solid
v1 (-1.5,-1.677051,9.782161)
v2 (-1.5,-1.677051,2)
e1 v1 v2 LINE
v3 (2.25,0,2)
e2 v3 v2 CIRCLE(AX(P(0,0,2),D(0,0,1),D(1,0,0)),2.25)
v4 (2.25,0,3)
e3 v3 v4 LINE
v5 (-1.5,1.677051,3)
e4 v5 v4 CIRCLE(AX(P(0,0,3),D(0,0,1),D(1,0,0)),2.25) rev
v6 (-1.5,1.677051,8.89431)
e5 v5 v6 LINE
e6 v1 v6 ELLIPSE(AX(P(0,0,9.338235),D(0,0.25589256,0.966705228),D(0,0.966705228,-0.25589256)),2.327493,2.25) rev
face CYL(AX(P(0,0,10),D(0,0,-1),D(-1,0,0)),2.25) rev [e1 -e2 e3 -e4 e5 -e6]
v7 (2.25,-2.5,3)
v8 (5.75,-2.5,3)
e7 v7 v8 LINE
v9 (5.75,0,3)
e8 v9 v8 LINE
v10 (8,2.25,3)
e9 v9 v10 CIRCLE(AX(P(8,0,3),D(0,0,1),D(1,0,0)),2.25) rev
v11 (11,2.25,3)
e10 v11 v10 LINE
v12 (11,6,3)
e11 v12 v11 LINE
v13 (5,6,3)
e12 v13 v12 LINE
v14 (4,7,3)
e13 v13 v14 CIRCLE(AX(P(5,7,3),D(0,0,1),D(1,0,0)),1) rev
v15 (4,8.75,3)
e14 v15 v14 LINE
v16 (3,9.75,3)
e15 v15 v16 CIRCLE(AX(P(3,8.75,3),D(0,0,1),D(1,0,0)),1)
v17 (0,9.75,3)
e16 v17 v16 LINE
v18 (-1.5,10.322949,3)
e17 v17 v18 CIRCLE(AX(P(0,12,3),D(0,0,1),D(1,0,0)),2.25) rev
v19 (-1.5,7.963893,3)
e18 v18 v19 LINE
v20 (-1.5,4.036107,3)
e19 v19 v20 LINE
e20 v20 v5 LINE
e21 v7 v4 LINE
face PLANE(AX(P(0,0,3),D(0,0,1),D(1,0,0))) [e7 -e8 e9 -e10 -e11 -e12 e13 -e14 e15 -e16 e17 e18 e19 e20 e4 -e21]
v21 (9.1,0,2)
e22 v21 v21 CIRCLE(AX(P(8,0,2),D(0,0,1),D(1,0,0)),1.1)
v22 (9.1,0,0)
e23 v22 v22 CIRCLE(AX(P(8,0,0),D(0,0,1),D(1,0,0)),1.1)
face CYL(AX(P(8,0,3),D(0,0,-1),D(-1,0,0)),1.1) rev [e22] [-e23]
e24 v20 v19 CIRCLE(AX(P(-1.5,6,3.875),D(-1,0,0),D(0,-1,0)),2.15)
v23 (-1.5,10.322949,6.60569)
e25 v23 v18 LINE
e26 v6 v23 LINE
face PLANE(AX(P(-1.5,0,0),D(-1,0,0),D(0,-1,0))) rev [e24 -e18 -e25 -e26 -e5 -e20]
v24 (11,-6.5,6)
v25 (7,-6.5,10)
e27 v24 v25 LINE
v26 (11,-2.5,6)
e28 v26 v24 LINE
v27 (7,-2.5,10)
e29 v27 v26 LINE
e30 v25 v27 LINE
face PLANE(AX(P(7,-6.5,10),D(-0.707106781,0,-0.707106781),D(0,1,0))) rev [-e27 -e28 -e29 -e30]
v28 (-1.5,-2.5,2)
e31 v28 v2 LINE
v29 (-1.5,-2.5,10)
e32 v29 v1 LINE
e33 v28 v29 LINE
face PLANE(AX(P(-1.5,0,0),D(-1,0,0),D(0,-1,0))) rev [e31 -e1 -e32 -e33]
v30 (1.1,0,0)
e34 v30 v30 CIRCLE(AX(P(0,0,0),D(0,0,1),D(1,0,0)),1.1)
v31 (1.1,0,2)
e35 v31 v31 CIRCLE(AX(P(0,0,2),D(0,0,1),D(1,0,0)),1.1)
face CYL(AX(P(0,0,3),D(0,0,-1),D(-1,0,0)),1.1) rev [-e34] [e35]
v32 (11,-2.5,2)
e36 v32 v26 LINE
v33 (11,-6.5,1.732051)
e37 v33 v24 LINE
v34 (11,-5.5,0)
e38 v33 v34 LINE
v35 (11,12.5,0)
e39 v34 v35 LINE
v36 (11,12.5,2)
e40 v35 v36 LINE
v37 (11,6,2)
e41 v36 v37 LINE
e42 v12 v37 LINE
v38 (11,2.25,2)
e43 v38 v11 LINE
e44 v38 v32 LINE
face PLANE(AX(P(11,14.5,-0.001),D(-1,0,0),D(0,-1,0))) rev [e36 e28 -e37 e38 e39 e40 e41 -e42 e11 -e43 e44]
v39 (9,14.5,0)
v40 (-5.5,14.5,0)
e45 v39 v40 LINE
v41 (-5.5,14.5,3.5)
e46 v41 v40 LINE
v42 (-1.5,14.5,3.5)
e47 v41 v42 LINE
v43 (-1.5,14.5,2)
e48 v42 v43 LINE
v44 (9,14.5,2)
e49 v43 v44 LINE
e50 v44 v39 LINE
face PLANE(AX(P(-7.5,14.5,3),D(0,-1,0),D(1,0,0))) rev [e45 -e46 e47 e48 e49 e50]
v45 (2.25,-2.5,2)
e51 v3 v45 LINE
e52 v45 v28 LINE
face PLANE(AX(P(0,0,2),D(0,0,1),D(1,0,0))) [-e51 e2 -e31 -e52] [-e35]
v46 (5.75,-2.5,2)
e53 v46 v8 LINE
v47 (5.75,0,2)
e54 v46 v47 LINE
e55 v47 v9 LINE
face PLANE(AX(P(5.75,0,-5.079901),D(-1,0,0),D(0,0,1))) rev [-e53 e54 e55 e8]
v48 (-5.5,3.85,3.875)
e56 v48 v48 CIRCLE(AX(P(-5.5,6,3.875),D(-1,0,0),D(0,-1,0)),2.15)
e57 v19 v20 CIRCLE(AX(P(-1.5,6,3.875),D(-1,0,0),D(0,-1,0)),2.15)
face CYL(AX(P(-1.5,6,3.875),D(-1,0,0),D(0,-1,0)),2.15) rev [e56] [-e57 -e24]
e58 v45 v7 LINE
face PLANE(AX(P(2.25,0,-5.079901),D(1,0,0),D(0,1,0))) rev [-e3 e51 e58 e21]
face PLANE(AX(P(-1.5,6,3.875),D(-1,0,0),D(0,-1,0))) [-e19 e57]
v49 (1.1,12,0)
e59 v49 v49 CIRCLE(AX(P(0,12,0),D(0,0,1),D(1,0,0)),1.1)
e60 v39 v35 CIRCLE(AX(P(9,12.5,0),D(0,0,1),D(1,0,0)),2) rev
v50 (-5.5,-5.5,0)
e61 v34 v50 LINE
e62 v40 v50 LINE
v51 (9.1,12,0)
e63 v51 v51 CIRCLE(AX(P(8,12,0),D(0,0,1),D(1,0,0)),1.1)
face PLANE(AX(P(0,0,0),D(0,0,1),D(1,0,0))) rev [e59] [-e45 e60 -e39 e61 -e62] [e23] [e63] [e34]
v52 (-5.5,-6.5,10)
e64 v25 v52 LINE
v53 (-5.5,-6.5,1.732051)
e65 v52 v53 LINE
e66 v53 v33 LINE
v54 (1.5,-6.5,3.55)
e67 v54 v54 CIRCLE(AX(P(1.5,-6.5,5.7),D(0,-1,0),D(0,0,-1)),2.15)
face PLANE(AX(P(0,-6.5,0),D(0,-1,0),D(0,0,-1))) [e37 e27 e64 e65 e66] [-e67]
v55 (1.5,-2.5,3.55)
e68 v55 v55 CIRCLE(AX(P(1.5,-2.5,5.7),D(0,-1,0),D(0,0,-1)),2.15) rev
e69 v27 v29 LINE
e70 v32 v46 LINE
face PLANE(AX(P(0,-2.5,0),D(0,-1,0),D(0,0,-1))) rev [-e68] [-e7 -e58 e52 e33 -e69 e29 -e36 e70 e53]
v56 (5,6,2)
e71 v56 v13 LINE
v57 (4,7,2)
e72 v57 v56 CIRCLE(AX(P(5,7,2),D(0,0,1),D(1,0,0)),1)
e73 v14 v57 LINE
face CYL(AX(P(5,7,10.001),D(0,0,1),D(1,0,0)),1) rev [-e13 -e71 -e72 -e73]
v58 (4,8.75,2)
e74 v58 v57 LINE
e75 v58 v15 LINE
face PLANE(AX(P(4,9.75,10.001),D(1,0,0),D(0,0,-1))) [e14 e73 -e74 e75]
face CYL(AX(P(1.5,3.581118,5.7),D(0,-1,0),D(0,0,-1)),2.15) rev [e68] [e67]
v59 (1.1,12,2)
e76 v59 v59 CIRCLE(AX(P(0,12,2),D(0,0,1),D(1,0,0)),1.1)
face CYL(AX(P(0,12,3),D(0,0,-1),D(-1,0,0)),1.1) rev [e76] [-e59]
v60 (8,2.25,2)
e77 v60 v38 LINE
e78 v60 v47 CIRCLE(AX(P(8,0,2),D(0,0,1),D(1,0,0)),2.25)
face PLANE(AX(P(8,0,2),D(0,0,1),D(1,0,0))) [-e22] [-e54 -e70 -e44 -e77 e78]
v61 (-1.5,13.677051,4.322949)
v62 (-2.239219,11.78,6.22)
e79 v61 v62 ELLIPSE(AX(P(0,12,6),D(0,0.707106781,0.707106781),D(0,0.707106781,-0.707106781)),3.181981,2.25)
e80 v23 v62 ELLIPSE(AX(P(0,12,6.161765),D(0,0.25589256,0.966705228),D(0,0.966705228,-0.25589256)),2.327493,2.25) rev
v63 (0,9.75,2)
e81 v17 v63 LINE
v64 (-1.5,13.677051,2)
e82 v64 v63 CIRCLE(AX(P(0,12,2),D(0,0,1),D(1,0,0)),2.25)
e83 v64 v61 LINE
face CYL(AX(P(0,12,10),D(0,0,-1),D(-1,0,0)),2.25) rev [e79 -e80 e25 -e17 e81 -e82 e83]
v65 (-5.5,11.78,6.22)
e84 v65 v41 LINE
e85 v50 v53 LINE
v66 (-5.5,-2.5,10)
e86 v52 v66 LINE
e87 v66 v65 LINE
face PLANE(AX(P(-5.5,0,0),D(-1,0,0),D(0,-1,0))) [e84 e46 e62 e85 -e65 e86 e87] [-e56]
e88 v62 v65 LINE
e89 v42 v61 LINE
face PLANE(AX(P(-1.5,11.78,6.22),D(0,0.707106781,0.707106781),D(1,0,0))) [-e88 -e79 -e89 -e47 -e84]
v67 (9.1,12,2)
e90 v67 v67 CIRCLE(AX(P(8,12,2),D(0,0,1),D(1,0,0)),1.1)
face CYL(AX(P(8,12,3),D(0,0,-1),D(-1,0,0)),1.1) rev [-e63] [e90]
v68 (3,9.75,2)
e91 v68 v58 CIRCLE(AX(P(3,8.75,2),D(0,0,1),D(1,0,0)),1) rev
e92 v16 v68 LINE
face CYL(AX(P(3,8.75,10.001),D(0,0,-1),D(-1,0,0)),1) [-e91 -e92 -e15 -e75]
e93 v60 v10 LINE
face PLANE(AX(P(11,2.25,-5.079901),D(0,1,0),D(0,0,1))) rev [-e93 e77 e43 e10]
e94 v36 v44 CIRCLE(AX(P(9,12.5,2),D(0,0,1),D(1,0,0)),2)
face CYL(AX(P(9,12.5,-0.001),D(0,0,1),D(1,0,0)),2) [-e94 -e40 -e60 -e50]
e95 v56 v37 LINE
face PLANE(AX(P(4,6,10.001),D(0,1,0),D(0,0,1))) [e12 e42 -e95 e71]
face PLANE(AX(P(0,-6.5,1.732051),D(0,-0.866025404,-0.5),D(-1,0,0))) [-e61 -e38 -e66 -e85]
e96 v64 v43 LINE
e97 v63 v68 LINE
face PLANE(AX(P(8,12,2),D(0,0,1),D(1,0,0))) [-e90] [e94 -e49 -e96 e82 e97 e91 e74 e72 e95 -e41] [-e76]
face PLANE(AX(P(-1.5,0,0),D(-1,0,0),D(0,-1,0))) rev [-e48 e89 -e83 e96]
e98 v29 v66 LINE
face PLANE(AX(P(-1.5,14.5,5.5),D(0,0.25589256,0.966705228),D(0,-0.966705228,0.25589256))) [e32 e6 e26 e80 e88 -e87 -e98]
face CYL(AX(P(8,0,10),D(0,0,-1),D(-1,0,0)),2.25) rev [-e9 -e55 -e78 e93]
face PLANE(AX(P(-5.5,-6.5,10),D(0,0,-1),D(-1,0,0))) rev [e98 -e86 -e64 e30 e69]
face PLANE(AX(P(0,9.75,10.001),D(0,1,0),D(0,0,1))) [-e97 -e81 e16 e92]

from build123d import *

# Parameters (mm, degrees)
SKETCH_1_W               = 23
SKETCH_1_H               = 17
SKETCH_1_R               = 1.1
EXTRUDE_1_DEPTH          = 3
EXTRUDE_2_DEPTH          = 6
CUT_EXTRUDE_1_DEPTH      = 23.349496639
CUT_EXTRUDE_1_DEPTH_BACK = 1
SKETCH_3_R               = 2.25
CUT_EXTRUDE_2_REACH      = 24.349
SKETCH_4_W               = 4.5
SKETCH_4_H               = 17
CUT_EXTRUDE_3_DEPTH      = 2
SKETCH_6_R               = 2.15
CUT_EXTRUDE_4_DEPTH      = 4
SKETCH_7_W               = 16.5
SKETCH_7_H               = 10
EXTRUDE_3_DEPTH          = 4
SKETCH_8_R               = 2.15
CUT_EXTRUDE_5_DEPTH      = 4
CHAMFER_1_SIZE           = 1
CHAMFER_1_SIZE2          = 1.732050808
CHAMFER_2_SIZE           = 4
CUT_EXTRUDE_6_DEPTH      = 1
FILLET_1_R               = 2
CUT_EXTRUDE_7_REACH      = 21.881
FILLET_2_R               = 1
CHAMFER_3_SIZE           = 2
CHAMFER_3_SIZE2          = 2.813680863


with BuildPart() as part:
    # 草图1 → 凸台-拉伸1 (new body)
    with BuildSketch(Plane.XY):
        with Locations((4, 6)):
            Rectangle(SKETCH_1_W, SKETCH_1_H)
        Circle(SKETCH_1_R, mode=Mode.SUBTRACT)
        with Locations((8, 0)):
            Circle(SKETCH_1_R, mode=Mode.SUBTRACT)
        with Locations((0, 12)):
            Circle(SKETCH_1_R, mode=Mode.SUBTRACT)
        with Locations((8, 12)):
            Circle(SKETCH_1_R, mode=Mode.SUBTRACT)
    extrude(amount=EXTRUDE_1_DEPTH)

    # 草图2 → 凸台-拉伸2 (add)
    with BuildSketch(Plane.ZY.offset(7.5)):
        Polygon((5.5, 14.5), (10, -2.5), (5.5, -2.5), (0, -2.5), (0, 14.5), align=None)
    extrude(amount=-EXTRUDE_2_DEPTH)

    # 草图3 → 切除-拉伸1 (cut, two sides: drawn at the far end of the back side and taken through both)
    with BuildSketch(Plane.XY.offset(3).offset(-CUT_EXTRUDE_1_DEPTH_BACK)):
        with Locations(Location((0, 12, 0), (0, 0, 228.189685104))):
            Circle(SKETCH_3_R)
        with Locations((8, 12)):
            Circle(SKETCH_3_R)
        with Locations(Location((0, 0, 0), (0, 0, 131.810314896))):
            Circle(SKETCH_3_R)
        with Locations((8, 0)):
            Circle(SKETCH_3_R)
    extrude(amount=CUT_EXTRUDE_1_DEPTH + CUT_EXTRUDE_1_DEPTH_BACK, mode=Mode.SUBTRACT)

    # 草图4 → 切除-拉伸2 (cut, up to next)
    with BuildSketch(Plane.XY.offset(3), mode=Mode.PRIVATE) as cut_extrude_2_sk1:
        with Locations((13.25, 6)):
            Rectangle(SKETCH_4_W, SKETCH_4_H)
    cut_extrude_2_tool1 = extrude(cut_extrude_2_sk1.sketch, amount=-CUT_EXTRUDE_2_REACH, mode=Mode.PRIVATE) & part.part
    add(cut_extrude_2_tool1.solids().sort_by_distance((13.25, 6, 3))[0], mode=Mode.SUBTRACT)

    # 草图5 → 切除-拉伸3 (cut)
    with BuildSketch(Plane.ZY.offset(7.5)):
        Polygon((0, 14.5), (0, -2.5), (10, -2.5), (5.5, 14.5), align=None)
    extrude(amount=-CUT_EXTRUDE_3_DEPTH, mode=Mode.SUBTRACT)

    # 草图6 → 切除-拉伸4 (cut)
    with BuildSketch(Plane.ZY.offset(5.5)):
        with Locations(Location((3.875, 6, 0), (0, 0, 270))):
            Circle(SKETCH_6_R)
    extrude(amount=-CUT_EXTRUDE_4_DEPTH, mode=Mode.SUBTRACT)

    # 草图7 → 凸台-拉伸3 (add)
    with BuildSketch(Plane.XZ.offset(2.5)):
        with Locations((2.75, 5)):
            Rectangle(SKETCH_7_W, SKETCH_7_H)
    extrude(amount=EXTRUDE_3_DEPTH)

    # 草图8 → 切除-拉伸5 (cut)
    with BuildSketch(Plane.XZ.offset(6.5)):
        with Locations(Location((1.5, 5.7, 0), (0, 0, 270))):
            Circle(SKETCH_8_R)
    extrude(amount=-CUT_EXTRUDE_5_DEPTH, mode=Mode.SUBTRACT)

    # 倒角1
    chamfer_1_edges = [part.edges().sort_by_distance(p)[0] for p in [
        (2.75, -6.5, 0),
    ]]
    chamfer_1_side = [part.faces().sort_by_distance(p)[0] for p in [
        (2.692629218, 3.908206749, 0),
    ]]
    chamfer(chamfer_1_edges, length=CHAMFER_1_SIZE, length2=CHAMFER_1_SIZE2, reference=chamfer_1_side[0])

    # 倒角2
    chamfer_2_edges = [part.edges().sort_by_distance(p)[0] for p in [
        (11, -4.5, 10),
    ]]
    chamfer(chamfer_2_edges, length=CHAMFER_2_SIZE)

    # 草图9 → 切除-拉伸6 (cut)
    with BuildSketch(Plane.XY.offset(3)):
        with BuildLine():
            Line((-1.5, 13.677050983), (-1.5, 14.5))
            Line((-1.5, 14.5), (2.25, 14.5))
            Line((2.25, 14.5), (2.25, 12))
            ThreePointArc((2.25, 12), (0.918558654, 14.053959591), (-1.5, 13.677050983))
        make_face()
        with BuildLine():
            Line((5.75, 12), (5.75, 14.5))
            Line((5.75, 14.5), (11, 14.5))
            Line((11, 14.5), (11, 9.75))
            Line((11, 9.75), (8, 9.75))
            ThreePointArc((8, 9.75), (9.590990258, 13.590990258), (5.75, 12))
        make_face()
        with BuildLine():
            Line((2.25, 0), (2.25, -2.5))
            Line((2.25, -2.5), (-1.5, -2.5))
            Line((-1.5, -2.5), (-1.5, -1.677050983))
            ThreePointArc((-1.5, -1.677050983), (0.918558654, -2.053959591), (2.25, 0))
        make_face()
        with BuildLine():
            Line((5.75, 0), (5.75, -2.5))
            Line((5.75, -2.5), (11, -2.5))
            Line((11, -2.5), (11, 2.25))
            Line((11, 2.25), (8, 2.25))
            ThreePointArc((8, 2.25), (9.590990258, -1.590990258), (5.75, 0))
        make_face()
    extrude(amount=-CUT_EXTRUDE_6_DEPTH, mode=Mode.SUBTRACT)

    # 圆角1
    fillet_1_edges = [part.edges().sort_by_distance(p)[0] for p in [
        (11, 14.5, 1),
    ]]
    fillet(fillet_1_edges, radius=FILLET_1_R)

    # 草图10 → 切除-拉伸7 (cut, up to next)
    with BuildSketch(Plane.XY.offset(2), mode=Mode.PRIVATE) as cut_extrude_7_sk1:
        with BuildLine():
            Line((4, 14.5), (11, 14.5))
            Line((11, 14.5), (11, 6))
            Line((11, 6), (4, 6))
            Line((4, 6), (4, 9.75))
            Line((4, 9.75), (0, 9.75))
            ThreePointArc((0, 9.75), (1.590990258, 10.409009742), (2.25, 12))
            Line((2.25, 12), (2.25, 14.5))
            Line((2.25, 14.5), (4, 14.5))
        make_face()
    cut_extrude_7_tool1 = extrude(cut_extrude_7_sk1.sketch, amount=CUT_EXTRUDE_7_REACH, mode=Mode.PRIVATE) & part.part
    add(cut_extrude_7_tool1.solids().sort_by_distance((6.881457, 10.476255, 2))[0], mode=Mode.SUBTRACT)

    # 圆角2
    fillet_2_edges = [part.edges().sort_by_distance(p)[0] for p in [
        (4, 9.75, 2.5),
        (4, 6, 2.5),
    ]]
    fillet(fillet_2_edges, radius=FILLET_2_R)

    # 倒角3
    chamfer_3_edges = [part.edges().sort_by_distance(p)[0] for p in [
        (-3.5, 14.5, 5.5),
    ]]
    chamfer_3_side = [part.faces().sort_by_distance(p)[0] for p in [
        (0.040697674, 14.5, 1.895348837),
    ]]
    chamfer(chamfer_3_edges, length=CHAMFER_3_SIZE, length2=CHAMFER_3_SIZE2, reference=chamfer_3_side[0])


solid = part.part
